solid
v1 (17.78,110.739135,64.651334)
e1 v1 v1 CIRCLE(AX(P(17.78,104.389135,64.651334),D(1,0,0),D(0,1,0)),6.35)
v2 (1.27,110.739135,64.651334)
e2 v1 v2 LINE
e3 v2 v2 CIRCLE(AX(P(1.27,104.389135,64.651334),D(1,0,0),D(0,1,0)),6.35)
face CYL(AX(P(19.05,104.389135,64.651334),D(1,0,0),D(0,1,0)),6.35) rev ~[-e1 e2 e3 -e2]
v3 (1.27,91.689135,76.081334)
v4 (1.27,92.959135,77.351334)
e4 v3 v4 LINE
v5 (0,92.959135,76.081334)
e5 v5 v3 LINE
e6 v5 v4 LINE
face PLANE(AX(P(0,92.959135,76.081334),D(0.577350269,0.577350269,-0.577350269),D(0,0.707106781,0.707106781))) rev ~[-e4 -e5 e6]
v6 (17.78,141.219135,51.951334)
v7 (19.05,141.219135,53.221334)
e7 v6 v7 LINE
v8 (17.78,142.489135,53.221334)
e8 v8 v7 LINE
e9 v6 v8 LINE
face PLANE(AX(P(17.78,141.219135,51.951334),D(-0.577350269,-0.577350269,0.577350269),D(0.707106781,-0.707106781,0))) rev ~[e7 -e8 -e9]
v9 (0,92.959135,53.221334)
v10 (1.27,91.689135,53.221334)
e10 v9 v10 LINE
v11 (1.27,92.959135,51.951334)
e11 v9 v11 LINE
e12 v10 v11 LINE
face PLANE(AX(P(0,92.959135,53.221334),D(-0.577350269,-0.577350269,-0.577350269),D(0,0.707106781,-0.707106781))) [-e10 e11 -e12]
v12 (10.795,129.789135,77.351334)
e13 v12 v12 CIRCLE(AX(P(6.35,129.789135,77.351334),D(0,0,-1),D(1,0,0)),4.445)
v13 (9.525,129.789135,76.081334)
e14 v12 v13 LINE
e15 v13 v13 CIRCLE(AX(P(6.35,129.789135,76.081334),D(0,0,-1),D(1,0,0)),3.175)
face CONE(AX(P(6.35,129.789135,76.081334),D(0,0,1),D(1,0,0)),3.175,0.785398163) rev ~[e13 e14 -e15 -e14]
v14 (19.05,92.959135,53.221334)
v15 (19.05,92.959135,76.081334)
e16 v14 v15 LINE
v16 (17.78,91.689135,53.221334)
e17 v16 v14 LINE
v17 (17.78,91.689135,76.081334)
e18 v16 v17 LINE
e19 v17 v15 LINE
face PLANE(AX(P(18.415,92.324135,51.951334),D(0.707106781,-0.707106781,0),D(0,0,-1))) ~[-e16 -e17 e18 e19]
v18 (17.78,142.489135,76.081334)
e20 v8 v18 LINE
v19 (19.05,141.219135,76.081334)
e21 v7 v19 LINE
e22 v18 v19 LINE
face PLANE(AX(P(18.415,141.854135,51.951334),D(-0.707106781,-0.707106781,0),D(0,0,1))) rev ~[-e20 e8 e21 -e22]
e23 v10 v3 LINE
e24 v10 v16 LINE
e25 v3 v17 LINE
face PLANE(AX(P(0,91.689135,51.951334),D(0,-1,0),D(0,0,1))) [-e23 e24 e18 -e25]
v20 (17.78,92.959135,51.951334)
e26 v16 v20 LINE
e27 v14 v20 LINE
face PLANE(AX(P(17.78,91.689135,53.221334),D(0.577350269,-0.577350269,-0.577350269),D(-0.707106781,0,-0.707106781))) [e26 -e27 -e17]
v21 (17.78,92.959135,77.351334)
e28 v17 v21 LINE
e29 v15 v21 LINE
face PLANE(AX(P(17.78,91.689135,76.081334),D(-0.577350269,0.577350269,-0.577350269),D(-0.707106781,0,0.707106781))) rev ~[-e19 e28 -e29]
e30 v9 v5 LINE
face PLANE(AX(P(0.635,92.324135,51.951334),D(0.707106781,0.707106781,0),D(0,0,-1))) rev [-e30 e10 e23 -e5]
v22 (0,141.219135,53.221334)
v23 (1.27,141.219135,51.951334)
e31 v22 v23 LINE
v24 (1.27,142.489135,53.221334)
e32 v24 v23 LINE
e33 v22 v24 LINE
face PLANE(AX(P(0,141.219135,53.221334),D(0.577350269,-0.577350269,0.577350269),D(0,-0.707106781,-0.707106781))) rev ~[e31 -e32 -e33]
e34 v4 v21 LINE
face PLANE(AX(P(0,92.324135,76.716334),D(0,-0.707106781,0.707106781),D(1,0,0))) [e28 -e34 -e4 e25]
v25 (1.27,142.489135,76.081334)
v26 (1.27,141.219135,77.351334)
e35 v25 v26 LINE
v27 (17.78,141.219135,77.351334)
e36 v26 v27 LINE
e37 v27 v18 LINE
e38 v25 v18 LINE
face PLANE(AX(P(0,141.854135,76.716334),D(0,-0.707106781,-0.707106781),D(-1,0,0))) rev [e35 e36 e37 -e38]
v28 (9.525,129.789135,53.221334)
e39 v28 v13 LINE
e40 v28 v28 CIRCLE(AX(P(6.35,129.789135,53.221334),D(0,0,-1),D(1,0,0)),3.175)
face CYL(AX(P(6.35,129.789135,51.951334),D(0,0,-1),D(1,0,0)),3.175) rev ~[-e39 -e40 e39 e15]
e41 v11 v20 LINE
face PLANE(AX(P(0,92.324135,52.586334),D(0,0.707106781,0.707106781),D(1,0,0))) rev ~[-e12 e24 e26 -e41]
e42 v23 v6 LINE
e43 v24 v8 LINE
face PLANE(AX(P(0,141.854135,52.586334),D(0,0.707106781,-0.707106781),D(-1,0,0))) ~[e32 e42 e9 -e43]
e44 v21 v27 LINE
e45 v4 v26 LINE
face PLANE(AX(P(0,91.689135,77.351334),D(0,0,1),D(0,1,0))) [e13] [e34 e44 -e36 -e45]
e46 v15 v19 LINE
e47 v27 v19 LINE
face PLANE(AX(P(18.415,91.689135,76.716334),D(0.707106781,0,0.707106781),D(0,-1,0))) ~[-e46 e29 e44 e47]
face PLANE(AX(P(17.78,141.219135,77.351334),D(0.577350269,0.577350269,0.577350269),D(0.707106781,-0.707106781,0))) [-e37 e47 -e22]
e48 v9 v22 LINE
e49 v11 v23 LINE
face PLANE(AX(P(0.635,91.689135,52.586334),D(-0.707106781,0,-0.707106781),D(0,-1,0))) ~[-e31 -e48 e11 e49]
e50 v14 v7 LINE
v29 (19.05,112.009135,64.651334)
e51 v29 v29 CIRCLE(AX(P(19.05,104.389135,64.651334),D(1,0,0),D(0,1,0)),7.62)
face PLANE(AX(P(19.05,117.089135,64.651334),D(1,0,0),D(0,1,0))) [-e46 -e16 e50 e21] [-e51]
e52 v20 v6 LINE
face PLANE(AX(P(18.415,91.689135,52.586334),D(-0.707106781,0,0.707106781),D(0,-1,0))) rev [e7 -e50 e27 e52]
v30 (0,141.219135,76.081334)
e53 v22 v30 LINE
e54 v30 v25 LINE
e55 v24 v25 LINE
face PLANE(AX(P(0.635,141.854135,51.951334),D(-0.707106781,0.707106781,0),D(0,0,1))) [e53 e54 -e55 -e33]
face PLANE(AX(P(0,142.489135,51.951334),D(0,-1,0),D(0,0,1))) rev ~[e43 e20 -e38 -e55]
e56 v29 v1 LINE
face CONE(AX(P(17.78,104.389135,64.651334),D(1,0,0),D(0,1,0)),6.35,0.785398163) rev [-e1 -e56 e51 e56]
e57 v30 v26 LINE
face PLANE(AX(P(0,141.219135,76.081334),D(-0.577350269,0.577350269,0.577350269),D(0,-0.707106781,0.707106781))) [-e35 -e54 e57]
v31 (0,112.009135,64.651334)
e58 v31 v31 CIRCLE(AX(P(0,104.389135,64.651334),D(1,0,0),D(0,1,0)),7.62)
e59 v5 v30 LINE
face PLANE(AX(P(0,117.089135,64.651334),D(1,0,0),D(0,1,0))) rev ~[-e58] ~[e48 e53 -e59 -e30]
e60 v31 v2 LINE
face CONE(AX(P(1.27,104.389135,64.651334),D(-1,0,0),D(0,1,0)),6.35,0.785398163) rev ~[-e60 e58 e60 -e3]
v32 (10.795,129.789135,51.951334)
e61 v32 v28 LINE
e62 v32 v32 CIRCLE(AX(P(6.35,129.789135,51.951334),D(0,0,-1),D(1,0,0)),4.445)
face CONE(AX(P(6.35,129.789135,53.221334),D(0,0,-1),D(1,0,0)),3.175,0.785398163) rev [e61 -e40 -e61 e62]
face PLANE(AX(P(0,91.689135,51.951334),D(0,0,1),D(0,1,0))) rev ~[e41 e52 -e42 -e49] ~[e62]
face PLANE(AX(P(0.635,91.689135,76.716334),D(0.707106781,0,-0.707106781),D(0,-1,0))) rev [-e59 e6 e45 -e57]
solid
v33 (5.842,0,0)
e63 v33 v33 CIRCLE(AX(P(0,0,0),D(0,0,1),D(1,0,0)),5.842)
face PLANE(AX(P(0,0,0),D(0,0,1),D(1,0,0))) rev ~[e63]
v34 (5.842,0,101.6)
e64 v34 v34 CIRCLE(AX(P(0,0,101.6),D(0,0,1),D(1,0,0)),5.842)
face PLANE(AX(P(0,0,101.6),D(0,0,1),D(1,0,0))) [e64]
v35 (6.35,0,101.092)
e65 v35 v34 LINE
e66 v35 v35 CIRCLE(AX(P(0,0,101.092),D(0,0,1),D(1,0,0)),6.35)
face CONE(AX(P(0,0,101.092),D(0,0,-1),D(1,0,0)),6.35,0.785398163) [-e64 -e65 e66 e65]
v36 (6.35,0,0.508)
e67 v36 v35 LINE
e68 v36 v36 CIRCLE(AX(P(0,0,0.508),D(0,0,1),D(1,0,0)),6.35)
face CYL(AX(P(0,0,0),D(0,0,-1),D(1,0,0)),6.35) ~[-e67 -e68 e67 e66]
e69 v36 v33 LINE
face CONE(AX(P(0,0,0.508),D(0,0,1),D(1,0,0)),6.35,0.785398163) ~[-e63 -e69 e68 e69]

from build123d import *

# Parameters (mm, degrees)
F0_R     = 6.35
F1_DEPTH = 101.6
F2_SIZE  = 0.508
F3_W     = 50.8
F3_H     = 25.4
F4_DEPTH = 19.05
F5_R     = 6.35
F6_DEPTH = 25.4
F7_SIZE  = 1.27
F8_R     = 3.175
F9_DEPTH = 38.1
F10_SIZE = 1.27


with BuildPart() as f1:
    # F0 (on Top) → F1 (new body)
    with BuildSketch(Plane.XY):
        Circle(F0_R)
    extrude(amount=F1_DEPTH)

    # F2
    f2_edges = [f1.edges().sort_by_distance(p)[0] for p in [
        (-6.35, 0, 101.6),
        (-6.35, 0, 0),
    ]]
    chamfer(f2_edges, length=F2_SIZE)


with BuildPart() as f4:
    # F3 (on Right) → F4 (new body)
    with BuildSketch(Plane.YZ):
        with Locations((117.089135, 64.651334)):
            Rectangle(F3_W, F3_H)
    extrude(amount=F4_DEPTH)

    # F5 (on face) → F6 (cut)
    with BuildSketch(Plane.YZ.offset(19.05)):
        with Locations((104.389135, 64.651334)):
            Circle(F5_R)
    extrude(amount=-F6_DEPTH, mode=Mode.SUBTRACT)

    # F7
    f7_edges = [f4.edges().sort_by_distance(p)[0] for p in [
        (19.05, 142.489135, 64.651334),
        (9.525, 142.489135, 77.351334),
        (9.525, 142.489135, 51.951334),
        (0, 142.489135, 64.651334),
        (19.05, 117.089135, 51.951334),
        (19.05, 117.089135, 77.351334),
        (19.05, 91.689135, 64.651334),
        (9.525, 91.689135, 77.351334),
        (9.525, 91.689135, 51.951334),
        (0, 91.689135, 64.651334),
        (0, 117.089135, 77.351334),
        (0, 117.089135, 51.951334),
        (0, 98.039135, 64.651334),
        (19.05, 98.039135, 64.651334),
    ]]
    chamfer(f7_edges, length=F7_SIZE)

    # F8 (on face) → F9 (cut)
    with BuildSketch(Plane(origin=(0, 0, 51.951334), x_dir=(1, 0, 0), z_dir=(0, 0, -1))):
        with Locations((6.35, -129.789135)):
            Circle(F8_R)
    extrude(amount=-F9_DEPTH, mode=Mode.SUBTRACT)

    # F10
    f10_edges = [f4.edges().sort_by_distance(p)[0] for p in [
        (3.175, 129.789135, 51.951334),
        (3.175, 129.789135, 77.351334),
    ]]
    chamfer(f10_edges, length=F10_SIZE)


solid = Compound([f1.part, f4.part])
